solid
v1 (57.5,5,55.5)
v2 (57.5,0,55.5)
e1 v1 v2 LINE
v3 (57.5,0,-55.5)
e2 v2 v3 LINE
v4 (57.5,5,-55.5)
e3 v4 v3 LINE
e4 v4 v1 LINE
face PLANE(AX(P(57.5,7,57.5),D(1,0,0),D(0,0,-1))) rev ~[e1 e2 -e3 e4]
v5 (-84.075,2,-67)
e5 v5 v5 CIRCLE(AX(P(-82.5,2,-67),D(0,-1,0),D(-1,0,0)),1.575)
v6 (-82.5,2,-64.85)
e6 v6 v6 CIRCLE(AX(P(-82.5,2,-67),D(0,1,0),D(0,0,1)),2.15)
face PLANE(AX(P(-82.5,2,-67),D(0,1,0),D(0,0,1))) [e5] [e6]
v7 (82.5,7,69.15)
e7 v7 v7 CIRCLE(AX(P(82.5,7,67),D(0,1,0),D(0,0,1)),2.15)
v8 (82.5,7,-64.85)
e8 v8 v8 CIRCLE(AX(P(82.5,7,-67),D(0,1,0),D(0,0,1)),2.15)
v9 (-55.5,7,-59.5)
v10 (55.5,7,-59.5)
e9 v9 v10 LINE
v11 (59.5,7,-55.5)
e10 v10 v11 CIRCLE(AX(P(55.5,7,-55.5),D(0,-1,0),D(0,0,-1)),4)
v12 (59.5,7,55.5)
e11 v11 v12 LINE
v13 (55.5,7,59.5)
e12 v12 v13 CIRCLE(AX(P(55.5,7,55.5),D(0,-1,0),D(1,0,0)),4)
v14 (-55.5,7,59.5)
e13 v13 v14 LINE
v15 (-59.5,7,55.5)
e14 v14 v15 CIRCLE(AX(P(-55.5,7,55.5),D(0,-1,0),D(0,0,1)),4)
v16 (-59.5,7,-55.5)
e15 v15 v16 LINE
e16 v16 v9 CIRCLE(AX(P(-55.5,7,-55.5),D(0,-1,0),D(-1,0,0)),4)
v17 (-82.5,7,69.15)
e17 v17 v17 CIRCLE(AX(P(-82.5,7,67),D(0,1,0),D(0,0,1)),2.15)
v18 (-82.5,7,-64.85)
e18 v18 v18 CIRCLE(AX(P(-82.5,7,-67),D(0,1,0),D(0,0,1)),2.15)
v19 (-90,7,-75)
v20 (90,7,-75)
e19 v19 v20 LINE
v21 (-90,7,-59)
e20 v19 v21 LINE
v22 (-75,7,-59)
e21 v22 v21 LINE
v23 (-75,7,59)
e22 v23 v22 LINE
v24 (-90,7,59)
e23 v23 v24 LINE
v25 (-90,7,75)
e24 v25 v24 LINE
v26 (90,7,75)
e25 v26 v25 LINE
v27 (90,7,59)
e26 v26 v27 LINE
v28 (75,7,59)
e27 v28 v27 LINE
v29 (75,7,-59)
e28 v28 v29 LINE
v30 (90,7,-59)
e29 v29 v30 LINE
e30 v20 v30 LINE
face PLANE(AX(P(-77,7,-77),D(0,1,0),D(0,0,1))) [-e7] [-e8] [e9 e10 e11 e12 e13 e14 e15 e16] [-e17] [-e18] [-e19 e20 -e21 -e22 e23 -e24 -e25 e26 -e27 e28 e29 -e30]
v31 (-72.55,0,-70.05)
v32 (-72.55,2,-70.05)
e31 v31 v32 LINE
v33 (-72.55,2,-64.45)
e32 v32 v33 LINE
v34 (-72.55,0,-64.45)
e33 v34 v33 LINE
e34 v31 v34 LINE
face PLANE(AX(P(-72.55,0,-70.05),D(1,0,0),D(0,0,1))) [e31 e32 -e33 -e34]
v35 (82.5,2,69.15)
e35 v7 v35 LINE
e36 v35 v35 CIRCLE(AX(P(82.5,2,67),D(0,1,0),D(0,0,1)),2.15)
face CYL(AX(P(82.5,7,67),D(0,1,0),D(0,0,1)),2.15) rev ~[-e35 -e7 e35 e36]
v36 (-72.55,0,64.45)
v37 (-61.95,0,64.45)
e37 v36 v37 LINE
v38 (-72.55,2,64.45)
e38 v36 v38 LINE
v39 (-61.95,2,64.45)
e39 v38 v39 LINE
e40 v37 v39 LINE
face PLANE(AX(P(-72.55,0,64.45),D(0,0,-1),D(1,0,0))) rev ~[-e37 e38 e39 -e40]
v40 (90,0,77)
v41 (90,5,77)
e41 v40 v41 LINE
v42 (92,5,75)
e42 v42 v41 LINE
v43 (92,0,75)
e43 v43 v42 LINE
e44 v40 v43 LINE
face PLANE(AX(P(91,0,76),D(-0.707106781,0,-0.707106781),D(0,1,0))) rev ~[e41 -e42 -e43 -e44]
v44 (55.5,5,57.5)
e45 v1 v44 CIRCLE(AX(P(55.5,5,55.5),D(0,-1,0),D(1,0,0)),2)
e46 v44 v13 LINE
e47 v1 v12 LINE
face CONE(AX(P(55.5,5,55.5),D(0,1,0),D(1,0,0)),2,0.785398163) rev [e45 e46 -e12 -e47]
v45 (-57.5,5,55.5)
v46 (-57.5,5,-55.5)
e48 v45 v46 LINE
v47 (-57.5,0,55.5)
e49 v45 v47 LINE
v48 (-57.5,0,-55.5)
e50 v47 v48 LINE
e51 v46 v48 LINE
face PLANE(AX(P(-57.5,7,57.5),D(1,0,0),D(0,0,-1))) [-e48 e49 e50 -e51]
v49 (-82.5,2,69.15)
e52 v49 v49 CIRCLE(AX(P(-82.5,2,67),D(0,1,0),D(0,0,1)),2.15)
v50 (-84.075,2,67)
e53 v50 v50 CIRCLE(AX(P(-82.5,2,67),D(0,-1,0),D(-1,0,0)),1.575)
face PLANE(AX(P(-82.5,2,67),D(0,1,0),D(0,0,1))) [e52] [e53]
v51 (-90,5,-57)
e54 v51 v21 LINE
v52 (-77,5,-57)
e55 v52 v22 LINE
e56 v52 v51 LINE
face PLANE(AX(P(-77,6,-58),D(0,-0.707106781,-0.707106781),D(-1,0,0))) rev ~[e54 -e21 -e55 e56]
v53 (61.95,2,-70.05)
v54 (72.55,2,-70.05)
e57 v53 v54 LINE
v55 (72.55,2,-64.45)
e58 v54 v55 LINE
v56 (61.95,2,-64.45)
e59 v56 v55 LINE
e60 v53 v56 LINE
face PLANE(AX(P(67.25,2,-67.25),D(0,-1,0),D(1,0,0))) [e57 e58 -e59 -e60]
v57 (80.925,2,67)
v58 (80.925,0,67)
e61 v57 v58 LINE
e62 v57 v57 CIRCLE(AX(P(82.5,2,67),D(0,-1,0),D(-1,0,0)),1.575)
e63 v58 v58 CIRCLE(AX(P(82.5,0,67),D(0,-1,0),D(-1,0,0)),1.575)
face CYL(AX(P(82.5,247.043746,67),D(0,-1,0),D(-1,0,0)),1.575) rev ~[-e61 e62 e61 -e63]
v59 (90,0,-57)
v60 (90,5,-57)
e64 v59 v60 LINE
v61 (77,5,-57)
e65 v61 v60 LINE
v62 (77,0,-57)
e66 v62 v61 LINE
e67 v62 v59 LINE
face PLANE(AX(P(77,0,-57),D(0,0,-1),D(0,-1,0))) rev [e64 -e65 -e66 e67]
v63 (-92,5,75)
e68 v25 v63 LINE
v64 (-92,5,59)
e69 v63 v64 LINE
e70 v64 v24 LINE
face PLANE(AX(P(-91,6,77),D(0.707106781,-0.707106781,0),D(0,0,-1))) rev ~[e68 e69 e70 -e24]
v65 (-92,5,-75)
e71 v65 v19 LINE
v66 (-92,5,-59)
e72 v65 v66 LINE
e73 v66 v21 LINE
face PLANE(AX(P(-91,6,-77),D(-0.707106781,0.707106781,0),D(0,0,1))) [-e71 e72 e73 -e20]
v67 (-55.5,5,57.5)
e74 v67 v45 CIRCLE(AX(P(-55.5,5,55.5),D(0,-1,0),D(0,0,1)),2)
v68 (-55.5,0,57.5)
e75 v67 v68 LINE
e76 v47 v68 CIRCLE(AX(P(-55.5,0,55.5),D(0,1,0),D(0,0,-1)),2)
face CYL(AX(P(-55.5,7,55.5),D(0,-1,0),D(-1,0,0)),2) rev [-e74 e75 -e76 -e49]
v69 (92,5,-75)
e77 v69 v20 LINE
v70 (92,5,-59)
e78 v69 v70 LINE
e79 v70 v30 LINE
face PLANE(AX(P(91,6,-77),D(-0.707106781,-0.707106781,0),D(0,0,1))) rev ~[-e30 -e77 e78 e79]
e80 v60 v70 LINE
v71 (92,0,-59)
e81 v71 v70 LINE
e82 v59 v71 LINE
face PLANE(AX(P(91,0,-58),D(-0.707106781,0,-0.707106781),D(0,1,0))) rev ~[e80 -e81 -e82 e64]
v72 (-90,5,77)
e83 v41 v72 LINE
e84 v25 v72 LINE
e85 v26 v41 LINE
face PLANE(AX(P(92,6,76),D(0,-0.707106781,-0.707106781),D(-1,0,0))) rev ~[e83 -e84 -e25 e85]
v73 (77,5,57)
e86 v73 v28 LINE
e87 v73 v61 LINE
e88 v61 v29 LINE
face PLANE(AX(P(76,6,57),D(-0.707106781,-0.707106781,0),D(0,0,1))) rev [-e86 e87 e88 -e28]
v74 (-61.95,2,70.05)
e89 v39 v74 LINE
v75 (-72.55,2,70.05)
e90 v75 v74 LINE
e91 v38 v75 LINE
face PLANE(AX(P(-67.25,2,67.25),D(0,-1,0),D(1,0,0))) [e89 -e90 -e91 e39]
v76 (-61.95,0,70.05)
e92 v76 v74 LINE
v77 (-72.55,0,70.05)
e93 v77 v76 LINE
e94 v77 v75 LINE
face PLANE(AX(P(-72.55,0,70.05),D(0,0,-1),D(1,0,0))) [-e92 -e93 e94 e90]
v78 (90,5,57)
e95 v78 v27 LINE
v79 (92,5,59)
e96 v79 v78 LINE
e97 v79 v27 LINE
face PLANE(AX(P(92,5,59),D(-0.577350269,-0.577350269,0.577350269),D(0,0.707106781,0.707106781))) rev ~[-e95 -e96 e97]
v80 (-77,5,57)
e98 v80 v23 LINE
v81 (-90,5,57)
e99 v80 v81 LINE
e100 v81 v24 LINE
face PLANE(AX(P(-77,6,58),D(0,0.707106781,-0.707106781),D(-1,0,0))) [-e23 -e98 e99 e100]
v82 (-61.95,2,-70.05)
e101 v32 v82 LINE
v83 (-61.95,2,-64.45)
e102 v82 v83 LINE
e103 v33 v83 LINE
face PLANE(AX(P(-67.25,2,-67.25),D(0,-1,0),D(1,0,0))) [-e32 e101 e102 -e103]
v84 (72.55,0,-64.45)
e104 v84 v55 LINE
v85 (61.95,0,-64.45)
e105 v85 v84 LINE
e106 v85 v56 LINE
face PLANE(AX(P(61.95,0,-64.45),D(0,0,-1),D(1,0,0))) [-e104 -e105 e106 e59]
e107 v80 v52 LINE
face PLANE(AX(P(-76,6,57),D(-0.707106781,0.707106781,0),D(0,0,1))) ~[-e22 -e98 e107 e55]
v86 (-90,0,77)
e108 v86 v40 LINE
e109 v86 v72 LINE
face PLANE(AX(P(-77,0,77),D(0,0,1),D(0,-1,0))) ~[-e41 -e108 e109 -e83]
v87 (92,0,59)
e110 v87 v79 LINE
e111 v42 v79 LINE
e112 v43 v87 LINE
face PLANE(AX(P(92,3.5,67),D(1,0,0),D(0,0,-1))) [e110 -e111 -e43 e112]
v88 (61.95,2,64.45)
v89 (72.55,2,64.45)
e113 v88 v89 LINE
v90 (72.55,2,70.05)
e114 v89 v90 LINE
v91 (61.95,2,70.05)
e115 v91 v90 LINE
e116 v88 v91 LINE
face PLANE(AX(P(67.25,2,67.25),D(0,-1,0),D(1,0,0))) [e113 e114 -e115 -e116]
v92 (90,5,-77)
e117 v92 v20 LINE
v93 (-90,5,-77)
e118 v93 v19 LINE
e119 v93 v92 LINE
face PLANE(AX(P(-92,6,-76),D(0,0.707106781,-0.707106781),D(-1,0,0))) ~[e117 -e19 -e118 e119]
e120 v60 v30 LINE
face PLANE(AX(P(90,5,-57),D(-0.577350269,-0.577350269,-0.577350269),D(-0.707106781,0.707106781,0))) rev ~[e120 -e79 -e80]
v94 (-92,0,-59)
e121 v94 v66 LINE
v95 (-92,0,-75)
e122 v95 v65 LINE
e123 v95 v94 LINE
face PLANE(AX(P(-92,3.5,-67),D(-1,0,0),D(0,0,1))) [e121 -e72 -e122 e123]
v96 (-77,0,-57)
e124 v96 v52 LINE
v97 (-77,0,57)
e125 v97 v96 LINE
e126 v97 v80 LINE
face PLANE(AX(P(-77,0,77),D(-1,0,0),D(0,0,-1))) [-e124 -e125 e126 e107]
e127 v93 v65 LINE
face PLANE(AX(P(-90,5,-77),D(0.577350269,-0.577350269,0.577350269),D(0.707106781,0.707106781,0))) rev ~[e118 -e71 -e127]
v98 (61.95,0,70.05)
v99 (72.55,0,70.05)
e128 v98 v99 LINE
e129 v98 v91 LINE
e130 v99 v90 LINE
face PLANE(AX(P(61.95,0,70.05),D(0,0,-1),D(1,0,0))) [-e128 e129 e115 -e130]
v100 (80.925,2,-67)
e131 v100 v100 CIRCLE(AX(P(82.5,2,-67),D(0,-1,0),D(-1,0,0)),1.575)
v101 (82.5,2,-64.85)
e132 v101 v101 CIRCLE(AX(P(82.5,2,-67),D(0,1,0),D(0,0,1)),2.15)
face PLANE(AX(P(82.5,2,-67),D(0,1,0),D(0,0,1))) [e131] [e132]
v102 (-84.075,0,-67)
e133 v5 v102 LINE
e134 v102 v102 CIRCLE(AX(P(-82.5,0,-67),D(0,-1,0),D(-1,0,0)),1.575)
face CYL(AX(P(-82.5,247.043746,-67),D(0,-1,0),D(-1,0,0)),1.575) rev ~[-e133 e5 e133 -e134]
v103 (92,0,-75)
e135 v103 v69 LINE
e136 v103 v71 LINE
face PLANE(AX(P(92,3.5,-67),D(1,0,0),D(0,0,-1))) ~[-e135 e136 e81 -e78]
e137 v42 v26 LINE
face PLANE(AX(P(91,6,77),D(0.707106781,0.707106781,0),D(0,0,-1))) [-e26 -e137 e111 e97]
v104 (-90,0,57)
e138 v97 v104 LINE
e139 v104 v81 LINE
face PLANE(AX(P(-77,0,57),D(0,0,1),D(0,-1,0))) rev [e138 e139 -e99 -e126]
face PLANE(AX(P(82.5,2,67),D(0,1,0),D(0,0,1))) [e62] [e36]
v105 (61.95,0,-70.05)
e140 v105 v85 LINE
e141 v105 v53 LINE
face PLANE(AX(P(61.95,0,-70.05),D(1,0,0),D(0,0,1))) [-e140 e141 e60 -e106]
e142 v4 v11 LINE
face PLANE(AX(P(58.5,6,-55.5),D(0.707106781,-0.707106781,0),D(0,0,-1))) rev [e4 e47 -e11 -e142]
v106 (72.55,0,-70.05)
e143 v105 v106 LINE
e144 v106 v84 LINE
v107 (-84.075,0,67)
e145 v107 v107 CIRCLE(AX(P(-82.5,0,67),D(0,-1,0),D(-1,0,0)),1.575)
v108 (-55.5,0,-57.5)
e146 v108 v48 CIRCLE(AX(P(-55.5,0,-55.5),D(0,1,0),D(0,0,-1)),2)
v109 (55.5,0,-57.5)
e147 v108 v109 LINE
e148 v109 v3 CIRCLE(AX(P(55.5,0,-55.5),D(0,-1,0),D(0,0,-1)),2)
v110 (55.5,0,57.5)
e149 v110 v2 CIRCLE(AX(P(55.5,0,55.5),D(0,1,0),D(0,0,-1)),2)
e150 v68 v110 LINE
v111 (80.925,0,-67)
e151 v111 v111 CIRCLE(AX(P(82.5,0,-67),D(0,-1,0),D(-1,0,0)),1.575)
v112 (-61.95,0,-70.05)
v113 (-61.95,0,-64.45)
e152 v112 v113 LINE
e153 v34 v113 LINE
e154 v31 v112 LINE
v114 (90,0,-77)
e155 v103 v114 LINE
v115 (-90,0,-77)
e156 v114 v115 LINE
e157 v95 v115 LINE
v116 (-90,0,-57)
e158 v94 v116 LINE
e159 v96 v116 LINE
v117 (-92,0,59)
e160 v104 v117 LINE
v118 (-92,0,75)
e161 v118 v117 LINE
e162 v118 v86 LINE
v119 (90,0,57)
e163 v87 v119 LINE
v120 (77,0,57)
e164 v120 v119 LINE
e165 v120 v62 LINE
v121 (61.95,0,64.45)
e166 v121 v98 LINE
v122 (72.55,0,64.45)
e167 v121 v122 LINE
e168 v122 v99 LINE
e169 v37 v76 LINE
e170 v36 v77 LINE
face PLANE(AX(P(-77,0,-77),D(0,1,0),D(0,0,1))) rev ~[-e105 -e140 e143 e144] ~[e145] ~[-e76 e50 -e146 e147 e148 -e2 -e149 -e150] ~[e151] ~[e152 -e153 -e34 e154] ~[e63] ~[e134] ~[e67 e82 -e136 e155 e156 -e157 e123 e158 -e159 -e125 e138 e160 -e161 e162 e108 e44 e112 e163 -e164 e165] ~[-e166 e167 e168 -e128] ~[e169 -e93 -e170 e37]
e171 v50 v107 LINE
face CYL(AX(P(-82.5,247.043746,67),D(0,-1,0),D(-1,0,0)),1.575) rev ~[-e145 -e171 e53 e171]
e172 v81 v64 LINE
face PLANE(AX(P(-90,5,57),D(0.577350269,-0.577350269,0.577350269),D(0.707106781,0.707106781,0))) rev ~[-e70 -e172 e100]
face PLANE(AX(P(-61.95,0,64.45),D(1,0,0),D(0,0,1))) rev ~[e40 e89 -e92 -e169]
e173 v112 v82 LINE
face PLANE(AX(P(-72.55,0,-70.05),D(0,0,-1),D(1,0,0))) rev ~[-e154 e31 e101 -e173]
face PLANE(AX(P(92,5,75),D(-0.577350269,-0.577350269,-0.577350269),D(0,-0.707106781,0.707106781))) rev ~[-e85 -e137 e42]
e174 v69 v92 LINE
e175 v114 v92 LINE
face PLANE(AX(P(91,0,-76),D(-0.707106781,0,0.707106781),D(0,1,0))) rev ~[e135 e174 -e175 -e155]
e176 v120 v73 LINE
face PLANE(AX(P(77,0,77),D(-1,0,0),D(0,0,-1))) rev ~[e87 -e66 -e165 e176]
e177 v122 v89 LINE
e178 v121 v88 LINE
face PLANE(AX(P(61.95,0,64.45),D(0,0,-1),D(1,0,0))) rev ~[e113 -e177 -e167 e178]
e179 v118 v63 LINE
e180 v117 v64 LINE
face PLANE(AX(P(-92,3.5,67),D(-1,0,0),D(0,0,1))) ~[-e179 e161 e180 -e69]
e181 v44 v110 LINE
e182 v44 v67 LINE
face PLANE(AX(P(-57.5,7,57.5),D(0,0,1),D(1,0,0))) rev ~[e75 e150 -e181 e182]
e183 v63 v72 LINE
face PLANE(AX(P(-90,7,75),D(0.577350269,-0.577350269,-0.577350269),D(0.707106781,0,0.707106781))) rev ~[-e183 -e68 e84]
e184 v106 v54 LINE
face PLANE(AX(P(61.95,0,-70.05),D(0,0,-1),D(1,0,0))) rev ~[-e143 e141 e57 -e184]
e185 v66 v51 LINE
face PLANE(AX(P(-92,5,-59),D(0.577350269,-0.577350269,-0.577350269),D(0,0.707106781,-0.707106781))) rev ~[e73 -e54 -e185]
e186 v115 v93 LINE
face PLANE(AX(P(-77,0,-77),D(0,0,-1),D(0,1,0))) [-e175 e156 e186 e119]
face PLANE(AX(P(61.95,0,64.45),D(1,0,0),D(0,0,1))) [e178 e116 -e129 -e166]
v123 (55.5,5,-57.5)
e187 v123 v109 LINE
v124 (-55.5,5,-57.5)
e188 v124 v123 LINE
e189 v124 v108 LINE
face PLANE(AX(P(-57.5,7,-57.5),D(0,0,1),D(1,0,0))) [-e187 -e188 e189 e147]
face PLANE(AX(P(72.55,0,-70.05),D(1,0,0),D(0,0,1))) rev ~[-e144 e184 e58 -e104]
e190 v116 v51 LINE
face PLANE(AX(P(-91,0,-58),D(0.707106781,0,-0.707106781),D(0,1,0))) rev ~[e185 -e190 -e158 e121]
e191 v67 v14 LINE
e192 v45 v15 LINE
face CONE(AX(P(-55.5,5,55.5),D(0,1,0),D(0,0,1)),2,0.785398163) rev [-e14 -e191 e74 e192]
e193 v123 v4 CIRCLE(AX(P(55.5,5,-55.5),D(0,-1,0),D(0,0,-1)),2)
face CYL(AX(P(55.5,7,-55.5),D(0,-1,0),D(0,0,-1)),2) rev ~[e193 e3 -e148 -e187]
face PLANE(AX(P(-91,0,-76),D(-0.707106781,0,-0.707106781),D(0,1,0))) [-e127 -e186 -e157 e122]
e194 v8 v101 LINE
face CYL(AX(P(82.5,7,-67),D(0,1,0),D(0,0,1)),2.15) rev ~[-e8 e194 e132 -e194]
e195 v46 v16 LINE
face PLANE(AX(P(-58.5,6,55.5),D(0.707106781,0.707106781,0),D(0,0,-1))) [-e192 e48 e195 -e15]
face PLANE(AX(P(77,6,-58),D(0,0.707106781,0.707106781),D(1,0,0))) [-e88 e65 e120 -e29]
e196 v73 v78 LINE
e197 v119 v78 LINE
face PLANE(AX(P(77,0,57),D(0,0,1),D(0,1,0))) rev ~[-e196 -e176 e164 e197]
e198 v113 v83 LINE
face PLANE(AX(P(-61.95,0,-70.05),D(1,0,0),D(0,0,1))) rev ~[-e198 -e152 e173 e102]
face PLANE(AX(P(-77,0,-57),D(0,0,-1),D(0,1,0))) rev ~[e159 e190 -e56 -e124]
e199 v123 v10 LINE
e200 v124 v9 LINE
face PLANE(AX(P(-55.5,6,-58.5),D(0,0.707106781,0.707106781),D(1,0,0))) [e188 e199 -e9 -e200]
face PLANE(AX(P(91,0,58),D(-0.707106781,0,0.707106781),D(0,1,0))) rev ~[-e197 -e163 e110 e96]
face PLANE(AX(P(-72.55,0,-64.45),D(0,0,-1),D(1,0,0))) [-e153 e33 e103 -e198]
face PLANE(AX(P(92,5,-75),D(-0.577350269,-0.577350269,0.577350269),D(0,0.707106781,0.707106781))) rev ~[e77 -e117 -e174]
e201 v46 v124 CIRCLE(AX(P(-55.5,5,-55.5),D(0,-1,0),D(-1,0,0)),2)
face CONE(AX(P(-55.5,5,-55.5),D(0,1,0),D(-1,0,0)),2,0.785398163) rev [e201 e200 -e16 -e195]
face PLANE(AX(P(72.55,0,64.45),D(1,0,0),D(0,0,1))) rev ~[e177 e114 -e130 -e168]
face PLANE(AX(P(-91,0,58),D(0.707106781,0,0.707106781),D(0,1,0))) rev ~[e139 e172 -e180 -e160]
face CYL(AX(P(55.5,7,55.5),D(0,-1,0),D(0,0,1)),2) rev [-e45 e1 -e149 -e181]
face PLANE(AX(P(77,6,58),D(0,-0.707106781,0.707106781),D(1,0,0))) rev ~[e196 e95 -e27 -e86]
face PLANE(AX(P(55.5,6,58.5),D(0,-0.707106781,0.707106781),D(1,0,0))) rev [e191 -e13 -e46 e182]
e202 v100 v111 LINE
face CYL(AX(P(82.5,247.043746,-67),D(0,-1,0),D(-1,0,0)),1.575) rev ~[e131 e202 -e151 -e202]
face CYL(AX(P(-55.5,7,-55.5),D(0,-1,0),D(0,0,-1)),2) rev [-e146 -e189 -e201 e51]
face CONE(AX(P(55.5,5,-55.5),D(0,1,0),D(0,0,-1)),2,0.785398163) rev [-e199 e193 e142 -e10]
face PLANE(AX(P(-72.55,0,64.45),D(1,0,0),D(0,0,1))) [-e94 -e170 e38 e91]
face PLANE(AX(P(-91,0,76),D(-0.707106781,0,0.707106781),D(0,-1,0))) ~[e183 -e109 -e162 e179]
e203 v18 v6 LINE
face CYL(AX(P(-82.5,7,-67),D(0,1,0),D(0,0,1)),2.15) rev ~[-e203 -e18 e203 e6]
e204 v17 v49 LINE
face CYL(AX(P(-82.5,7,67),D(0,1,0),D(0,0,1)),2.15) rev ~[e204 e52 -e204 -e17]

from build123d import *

# Parameters (mm, degrees)
SKETCH_1_W               = 154
SKETCH_1_H               = 154
EXTRUDE_1_DEPTH          = 7
SKETCH_7_W               = 10.6
SKETCH_7_H               = 5.6
CUT_EXTRUDE_2_DEPTH      = 2
SKETCH_8_W               = 115
SKETCH_8_H               = 115
CUT_EXTRUDE_3_DEPTH      = 110.119200877
SKETCH_11_W              = 20
SKETCH_11_H              = 7
EXTRUDE_6_DEPTH          = 15
MIRROR_6_COPY_1_SKETCH_W = 20
MIRROR_6_COPY_1_SKETCH_H = 7
MIRROR_6_COPY_1_DEPTH    = 15
FILLET_6_R               = 2
CHAMFER_5_SIZE           = 2
HOLE_WIZARD_M31_D        = 3.15
SKETCH_14_R              = 2.15
CUT_EXTRUDE_4_DEPTH      = 5


with BuildPart() as part:
    # Эскиз1 → Бобышка-Вытянуть1 (new body)
    with BuildSketch(Plane(origin=(0, 0, 0), x_dir=(1, 0, 0), z_dir=(0, 1, 0))):
        Rectangle(SKETCH_1_W, SKETCH_1_H)
    extrude(amount=EXTRUDE_1_DEPTH)

    # Эскиз7 → Вырез-Вытянуть2 (cut)
    with BuildSketch(Plane.XZ):
        with Locations((-67.25, 67.25)):
            Rectangle(SKETCH_7_W, SKETCH_7_H)
        with Locations((67.25, 67.25)):
            Rectangle(SKETCH_7_W, SKETCH_7_H)
        with Locations((-67.25, -67.25)):
            Rectangle(SKETCH_7_W, SKETCH_7_H)
        with Locations((67.25, -67.25)):
            Rectangle(SKETCH_7_W, SKETCH_7_H)
    extrude(amount=-CUT_EXTRUDE_2_DEPTH, mode=Mode.SUBTRACT)

    # Эскиз8 → Вырез-Вытянуть3 (cut, through all)
    with BuildSketch(Plane(origin=(0, 7, 0), x_dir=(1, 0, 0), z_dir=(0, 1, 0))):
        Rectangle(SKETCH_8_W, SKETCH_8_H)
    extrude(amount=-CUT_EXTRUDE_3_DEPTH, mode=Mode.SUBTRACT)

    # Эскиз11 → Бобышка-Вытянуть6 (add)
    with BuildSketch(Plane(origin=(77, 0, 0), x_dir=(0, 0, -1), z_dir=(1, 0, 0))):
        with Locations((-67, 3.5)):
            Rectangle(SKETCH_11_W, SKETCH_11_H)
    extrude_6 = extrude(amount=EXTRUDE_6_DEPTH)

    # Зеркальное отражение5: Бобышка-Вытянуть6 across plane
    add(extrude_6.mirror(Plane.XY))

    # Зеркальное отражение6: Бобышка-Вытянуть6 across plane
    add(extrude_6.mirror(Plane(origin=(0, 0, 0), x_dir=(0, 0, 1), z_dir=(1, 0, 0))))

    # Зеркальное отражение6 copy 1 sketch → Зеркальное отражение6 copy 1 (add)
    with BuildSketch(Plane.ZY.offset(77)):
        with Locations((-67, 3.5)):
            Rectangle(MIRROR_6_COPY_1_SKETCH_W, MIRROR_6_COPY_1_SKETCH_H)
    extrude(amount=MIRROR_6_COPY_1_DEPTH)

    # Скругление6
    fillet_6_edges = [part.edges().sort_by_distance(p)[0] for p in [
        (57.5, 3.5, -57.5),
        (57.5, 3.5, 57.5),
        (-57.5, 3.5, 57.5),
        (-57.5, 3.5, -57.5),
    ]]
    fillet(fillet_6_edges, radius=FILLET_6_R)

    # Chamfer 5
    chamfer_5_edges = [part.edges().sort_by_distance(p)[0] for p in [
        (-92, 3.5, 77),
        (-92, 7, 67),
        (-92, 3.5, 57),
        (-84.5, 7, 57),
        (-77, 7, 0),
        (-84.5, 7, -57),
        (-92, 3.5, -57),
        (-92, 7, -67),
        (-92, 3.5, -77),
        (0, 7, -57.5),
        (57.5, 7, 0),
        (0, 7, 57.5),
        (-57.5, 7, 0),
        (56.914213562, 7, -56.914213562),
        (56.914213562, 7, 56.914213562),
        (-56.914213562, 7, -56.914213562),
        (-56.914213562, 7, 56.914213562),
        (0, 7, 77),
        (77, 7, 0),
        (84.5, 7, 57),
        (92, 3.5, 57),
        (92, 7, 67),
        (92, 3.5, 77),
        (0, 7, -77),
        (92, 3.5, -77),
        (92, 7, -67),
        (92, 3.5, -57),
        (84.5, 7, -57),
    ]]
    chamfer(chamfer_5_edges, length=CHAMFER_5_SIZE)

    # Сверло под метчик  спиральное M31 (through all)
    with Locations(Plane(origin=(0, 7, 0), x_dir=(1, 0, 0), z_dir=(0, 1, 0))):
        with Locations((82.5, -67), (-82.5, 67), (82.5, 67), (-82.5, -67)):
            Hole(HOLE_WIZARD_M31_D / 2)

    # Эскиз14 → Вырез-Вытянуть4 (cut)
    with BuildSketch(Plane(origin=(0, 7, 0), x_dir=(1, 0, 0), z_dir=(0, 1, 0))):
        with Locations(Location((-82.5, 67, 0), (0, 0, 270))):
            Circle(SKETCH_14_R)
        with Locations(Location((82.5, 67, 0), (0, 0, 270))):
            Circle(SKETCH_14_R)
        with Locations(Location((-82.5, -67, 0), (0, 0, 270))):
            Circle(SKETCH_14_R)
        with Locations(Location((82.5, -67, 0), (0, 0, 270))):
            Circle(SKETCH_14_R)
    extrude(amount=-CUT_EXTRUDE_4_DEPTH, mode=Mode.SUBTRACT)


solid = part.part
